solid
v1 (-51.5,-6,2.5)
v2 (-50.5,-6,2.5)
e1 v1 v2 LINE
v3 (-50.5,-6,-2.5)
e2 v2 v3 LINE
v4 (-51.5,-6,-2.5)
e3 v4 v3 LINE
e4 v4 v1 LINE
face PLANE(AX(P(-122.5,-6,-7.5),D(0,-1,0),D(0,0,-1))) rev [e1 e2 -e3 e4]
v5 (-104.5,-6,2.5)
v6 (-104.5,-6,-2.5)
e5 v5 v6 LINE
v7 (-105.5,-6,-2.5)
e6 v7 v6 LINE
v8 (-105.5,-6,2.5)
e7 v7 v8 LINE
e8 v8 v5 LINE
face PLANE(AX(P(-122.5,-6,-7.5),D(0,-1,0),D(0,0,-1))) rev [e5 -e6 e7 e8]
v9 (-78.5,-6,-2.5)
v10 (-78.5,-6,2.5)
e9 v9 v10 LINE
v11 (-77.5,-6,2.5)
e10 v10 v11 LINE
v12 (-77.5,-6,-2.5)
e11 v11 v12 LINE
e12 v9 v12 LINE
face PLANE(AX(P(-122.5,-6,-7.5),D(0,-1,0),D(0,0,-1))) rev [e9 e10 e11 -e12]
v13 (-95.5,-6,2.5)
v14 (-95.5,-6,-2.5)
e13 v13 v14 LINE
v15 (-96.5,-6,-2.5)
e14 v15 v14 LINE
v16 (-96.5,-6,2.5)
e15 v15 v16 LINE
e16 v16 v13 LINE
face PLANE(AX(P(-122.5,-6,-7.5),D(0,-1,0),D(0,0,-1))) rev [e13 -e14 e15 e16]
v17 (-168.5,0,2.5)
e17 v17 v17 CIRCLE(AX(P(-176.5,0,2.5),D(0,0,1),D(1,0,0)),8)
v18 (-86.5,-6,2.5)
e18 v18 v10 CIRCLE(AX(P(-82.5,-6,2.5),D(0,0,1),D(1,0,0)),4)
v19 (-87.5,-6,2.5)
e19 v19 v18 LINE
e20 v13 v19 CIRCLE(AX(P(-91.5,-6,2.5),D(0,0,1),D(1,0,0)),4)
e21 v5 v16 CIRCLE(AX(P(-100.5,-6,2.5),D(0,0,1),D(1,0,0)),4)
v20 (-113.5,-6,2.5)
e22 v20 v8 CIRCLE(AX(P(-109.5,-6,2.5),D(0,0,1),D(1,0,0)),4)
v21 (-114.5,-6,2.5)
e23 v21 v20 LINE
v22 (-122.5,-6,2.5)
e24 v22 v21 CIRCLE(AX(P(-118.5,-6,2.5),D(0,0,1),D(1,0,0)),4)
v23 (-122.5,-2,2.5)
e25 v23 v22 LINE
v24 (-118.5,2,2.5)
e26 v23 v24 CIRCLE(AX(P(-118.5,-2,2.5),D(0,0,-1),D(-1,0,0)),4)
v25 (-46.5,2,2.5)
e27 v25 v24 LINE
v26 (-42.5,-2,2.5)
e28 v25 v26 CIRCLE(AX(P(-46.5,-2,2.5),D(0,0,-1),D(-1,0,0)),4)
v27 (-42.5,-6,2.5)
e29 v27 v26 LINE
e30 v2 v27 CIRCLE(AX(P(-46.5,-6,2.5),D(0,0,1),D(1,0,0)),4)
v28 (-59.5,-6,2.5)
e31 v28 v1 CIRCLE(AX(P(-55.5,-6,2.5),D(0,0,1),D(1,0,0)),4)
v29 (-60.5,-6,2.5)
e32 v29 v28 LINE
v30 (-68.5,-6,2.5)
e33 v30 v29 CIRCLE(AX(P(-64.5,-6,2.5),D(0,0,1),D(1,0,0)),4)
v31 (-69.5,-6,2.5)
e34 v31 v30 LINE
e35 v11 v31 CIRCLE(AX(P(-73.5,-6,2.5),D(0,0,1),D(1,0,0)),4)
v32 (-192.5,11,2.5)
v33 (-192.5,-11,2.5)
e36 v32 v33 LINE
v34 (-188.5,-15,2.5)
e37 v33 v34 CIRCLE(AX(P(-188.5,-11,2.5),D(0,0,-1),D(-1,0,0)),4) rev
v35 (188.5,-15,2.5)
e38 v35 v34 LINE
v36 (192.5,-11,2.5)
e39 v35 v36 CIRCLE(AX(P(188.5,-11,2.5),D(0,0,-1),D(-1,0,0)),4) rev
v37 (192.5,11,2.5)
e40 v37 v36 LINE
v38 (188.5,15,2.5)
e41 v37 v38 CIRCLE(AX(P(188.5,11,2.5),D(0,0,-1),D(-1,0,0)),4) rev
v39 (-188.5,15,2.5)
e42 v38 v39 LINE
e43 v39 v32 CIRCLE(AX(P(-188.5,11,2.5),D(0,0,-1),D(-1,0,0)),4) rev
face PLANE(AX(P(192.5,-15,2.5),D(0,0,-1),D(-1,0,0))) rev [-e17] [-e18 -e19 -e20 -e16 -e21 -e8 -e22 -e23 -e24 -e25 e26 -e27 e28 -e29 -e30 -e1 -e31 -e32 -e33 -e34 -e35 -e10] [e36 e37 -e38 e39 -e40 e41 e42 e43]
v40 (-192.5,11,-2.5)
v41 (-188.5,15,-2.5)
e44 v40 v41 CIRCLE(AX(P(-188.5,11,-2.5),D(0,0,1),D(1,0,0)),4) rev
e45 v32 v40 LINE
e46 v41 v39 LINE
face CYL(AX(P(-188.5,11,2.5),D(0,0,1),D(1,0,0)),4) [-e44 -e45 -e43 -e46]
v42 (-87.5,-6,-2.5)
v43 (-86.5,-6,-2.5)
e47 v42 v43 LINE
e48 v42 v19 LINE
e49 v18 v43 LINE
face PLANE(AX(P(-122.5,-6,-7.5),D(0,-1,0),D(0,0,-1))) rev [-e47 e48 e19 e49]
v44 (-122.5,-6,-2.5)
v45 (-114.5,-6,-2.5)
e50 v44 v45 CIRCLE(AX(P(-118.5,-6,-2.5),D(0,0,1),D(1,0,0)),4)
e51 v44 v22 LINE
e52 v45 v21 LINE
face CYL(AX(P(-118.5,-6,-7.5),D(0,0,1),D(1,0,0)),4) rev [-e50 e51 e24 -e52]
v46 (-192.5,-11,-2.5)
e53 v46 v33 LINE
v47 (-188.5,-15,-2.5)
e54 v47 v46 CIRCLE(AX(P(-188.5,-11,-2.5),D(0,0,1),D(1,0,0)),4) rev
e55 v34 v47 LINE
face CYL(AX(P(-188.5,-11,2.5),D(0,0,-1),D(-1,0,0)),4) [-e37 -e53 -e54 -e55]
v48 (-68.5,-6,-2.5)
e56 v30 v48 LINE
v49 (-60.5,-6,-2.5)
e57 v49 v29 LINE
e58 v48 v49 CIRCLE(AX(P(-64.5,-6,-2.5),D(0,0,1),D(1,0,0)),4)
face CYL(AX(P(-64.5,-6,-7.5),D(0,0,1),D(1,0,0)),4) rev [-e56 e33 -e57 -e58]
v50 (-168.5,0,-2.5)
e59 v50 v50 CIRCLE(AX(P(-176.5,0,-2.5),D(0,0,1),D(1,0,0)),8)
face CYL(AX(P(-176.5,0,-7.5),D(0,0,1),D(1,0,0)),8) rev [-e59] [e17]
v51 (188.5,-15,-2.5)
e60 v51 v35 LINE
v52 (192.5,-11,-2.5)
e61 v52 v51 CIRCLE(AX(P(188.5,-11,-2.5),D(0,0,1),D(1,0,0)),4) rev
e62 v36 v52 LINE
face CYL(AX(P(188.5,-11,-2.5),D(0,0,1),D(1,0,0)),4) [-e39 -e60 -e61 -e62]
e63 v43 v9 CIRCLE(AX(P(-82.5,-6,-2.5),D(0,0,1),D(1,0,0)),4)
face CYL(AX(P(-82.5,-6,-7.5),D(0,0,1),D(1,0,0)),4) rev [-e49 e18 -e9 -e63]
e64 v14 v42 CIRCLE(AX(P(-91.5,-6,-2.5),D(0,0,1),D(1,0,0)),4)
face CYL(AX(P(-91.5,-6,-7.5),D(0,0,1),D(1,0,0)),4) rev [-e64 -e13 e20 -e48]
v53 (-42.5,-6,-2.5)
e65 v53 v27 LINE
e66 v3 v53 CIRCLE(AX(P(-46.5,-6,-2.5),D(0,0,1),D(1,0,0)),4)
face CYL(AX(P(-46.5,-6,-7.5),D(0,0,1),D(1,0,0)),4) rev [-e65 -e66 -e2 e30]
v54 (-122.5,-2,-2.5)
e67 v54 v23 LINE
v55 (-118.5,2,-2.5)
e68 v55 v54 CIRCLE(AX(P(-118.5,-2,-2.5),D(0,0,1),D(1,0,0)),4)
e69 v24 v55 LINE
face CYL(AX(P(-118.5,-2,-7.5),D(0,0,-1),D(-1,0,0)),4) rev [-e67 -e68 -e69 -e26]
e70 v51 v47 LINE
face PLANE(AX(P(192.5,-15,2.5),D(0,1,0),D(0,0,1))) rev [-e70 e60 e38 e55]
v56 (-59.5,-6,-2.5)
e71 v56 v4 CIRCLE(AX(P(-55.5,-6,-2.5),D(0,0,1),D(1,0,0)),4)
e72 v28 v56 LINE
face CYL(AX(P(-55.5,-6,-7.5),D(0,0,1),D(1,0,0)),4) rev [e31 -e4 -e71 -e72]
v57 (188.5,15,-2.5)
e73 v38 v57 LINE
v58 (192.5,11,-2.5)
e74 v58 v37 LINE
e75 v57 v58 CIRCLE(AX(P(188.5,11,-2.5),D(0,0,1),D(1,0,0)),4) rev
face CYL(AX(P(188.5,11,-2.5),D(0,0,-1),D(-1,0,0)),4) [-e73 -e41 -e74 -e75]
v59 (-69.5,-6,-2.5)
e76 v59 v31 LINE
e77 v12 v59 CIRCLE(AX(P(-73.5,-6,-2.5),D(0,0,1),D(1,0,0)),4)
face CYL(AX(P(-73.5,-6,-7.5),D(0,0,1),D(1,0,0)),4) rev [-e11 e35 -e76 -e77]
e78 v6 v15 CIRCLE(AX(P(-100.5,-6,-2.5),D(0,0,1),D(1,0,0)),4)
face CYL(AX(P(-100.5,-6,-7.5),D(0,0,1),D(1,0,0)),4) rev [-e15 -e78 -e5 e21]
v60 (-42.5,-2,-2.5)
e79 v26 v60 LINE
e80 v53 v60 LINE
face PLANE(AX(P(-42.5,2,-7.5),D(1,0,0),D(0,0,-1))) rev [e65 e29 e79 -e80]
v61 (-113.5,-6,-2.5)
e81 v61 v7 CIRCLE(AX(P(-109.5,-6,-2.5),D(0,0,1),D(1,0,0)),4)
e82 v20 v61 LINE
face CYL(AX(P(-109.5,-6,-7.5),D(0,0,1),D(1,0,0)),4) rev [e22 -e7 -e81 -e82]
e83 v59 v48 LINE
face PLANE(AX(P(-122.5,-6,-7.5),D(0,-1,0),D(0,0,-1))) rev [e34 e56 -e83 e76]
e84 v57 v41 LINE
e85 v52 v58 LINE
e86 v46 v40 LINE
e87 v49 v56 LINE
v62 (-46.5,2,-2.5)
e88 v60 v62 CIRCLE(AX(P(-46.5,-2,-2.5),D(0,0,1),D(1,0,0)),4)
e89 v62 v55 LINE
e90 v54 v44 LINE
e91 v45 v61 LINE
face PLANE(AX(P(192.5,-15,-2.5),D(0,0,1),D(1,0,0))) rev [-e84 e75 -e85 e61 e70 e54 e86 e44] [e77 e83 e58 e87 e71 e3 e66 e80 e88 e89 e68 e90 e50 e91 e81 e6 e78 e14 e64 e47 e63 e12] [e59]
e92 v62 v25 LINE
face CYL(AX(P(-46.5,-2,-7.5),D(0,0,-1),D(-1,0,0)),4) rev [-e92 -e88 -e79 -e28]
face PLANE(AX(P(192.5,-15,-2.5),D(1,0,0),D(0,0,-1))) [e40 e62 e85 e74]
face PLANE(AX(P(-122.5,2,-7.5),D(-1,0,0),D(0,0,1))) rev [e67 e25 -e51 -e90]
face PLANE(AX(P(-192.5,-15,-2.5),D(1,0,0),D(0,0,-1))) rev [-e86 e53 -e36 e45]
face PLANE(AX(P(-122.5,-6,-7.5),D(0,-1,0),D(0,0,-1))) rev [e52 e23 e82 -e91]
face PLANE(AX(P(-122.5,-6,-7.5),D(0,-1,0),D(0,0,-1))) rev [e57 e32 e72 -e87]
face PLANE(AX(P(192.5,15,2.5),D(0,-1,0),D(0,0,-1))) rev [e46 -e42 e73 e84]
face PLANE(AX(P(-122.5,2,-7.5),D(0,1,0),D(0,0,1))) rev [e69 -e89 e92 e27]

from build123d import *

# Parameters (mm, degrees)
PLAT_W                      = 30
PLAT_H                      = 5
EL_MENT_M_CANO_SOUD_1_DEPTH = 385
ESQUISSE2_R                 = 8
ENL_V_MAT_EXTRU_1_DEPTH     = 10
ESQUISSE3_W                 = 80
ESQUISSE3_H                 = 8
ENL_V_MAT_EXTRU_2_DEPTH     = 10
CONG_1_R                    = 4
ESQUISSE4_R                 = 4
ENL_V_MAT_EXTRU_3_DEPTH     = 10
R_P_TITION_LIN_AIRE1_COUNT  = 9
R_P_TITION_LIN_AIRE1_PITCH  = 9
CONG_2_R                    = 4


with BuildPart() as part:
    # plat → Elément mécano-soudé1 (new body)
    with BuildSketch(Plane.YZ.offset(-192.5)):
        Rectangle(PLAT_W, PLAT_H)
    extrude(amount=EL_MENT_M_CANO_SOUD_1_DEPTH)

    # Esquisse2 → Enlèv. mat.-Extru.1 (cut)
    with BuildSketch(Plane.XY.offset(2.5)):
        with Locations((-176.5, 0)):
            Circle(ESQUISSE2_R)
    extrude(amount=-ENL_V_MAT_EXTRU_1_DEPTH, mode=Mode.SUBTRACT)

    # Esquisse3 → Enlèv. mat.-Extru.2 (cut)
    with BuildSketch(Plane.XY.offset(2.5)):
        with Locations((-82.5, -2)):
            Rectangle(ESQUISSE3_W, ESQUISSE3_H)
    extrude(amount=-ENL_V_MAT_EXTRU_2_DEPTH, mode=Mode.SUBTRACT)

    # Congé1
    cong_1_edges = [part.edges().sort_by_distance(p)[0] for p in [
        (-42.5, 2, 0),
        (-122.5, 2, 0),
    ]]
    fillet(cong_1_edges, radius=CONG_1_R)

    # Esquisse4 → Enlèv. mat.-Extru.3 (cut)
    with BuildSketch(Plane.XY.offset(2.5)):
        with Locations((-118.5, -6)):
            Circle(ESQUISSE4_R)
    enl_v_mat_extru_3 = extrude(amount=-ENL_V_MAT_EXTRU_3_DEPTH, mode=Mode.SUBTRACT)

    # Répétition linéaire1: Enlèv. mat.-Extru.3 ×9
    with Locations(*[(i * R_P_TITION_LIN_AIRE1_PITCH, 0, 0) for i in range(1, R_P_TITION_LIN_AIRE1_COUNT)]):
        add(enl_v_mat_extru_3, mode=Mode.SUBTRACT)

    # Congé2
    cong_2_edges = [part.edges().sort_by_distance(p)[0] for p in [
        (192.5, 15, 0),
        (192.5, -15, 0),
        (-192.5, 15, 0),
        (-192.5, -15, 0),
    ]]
    fillet(cong_2_edges, radius=CONG_2_R)


solid = part.part
